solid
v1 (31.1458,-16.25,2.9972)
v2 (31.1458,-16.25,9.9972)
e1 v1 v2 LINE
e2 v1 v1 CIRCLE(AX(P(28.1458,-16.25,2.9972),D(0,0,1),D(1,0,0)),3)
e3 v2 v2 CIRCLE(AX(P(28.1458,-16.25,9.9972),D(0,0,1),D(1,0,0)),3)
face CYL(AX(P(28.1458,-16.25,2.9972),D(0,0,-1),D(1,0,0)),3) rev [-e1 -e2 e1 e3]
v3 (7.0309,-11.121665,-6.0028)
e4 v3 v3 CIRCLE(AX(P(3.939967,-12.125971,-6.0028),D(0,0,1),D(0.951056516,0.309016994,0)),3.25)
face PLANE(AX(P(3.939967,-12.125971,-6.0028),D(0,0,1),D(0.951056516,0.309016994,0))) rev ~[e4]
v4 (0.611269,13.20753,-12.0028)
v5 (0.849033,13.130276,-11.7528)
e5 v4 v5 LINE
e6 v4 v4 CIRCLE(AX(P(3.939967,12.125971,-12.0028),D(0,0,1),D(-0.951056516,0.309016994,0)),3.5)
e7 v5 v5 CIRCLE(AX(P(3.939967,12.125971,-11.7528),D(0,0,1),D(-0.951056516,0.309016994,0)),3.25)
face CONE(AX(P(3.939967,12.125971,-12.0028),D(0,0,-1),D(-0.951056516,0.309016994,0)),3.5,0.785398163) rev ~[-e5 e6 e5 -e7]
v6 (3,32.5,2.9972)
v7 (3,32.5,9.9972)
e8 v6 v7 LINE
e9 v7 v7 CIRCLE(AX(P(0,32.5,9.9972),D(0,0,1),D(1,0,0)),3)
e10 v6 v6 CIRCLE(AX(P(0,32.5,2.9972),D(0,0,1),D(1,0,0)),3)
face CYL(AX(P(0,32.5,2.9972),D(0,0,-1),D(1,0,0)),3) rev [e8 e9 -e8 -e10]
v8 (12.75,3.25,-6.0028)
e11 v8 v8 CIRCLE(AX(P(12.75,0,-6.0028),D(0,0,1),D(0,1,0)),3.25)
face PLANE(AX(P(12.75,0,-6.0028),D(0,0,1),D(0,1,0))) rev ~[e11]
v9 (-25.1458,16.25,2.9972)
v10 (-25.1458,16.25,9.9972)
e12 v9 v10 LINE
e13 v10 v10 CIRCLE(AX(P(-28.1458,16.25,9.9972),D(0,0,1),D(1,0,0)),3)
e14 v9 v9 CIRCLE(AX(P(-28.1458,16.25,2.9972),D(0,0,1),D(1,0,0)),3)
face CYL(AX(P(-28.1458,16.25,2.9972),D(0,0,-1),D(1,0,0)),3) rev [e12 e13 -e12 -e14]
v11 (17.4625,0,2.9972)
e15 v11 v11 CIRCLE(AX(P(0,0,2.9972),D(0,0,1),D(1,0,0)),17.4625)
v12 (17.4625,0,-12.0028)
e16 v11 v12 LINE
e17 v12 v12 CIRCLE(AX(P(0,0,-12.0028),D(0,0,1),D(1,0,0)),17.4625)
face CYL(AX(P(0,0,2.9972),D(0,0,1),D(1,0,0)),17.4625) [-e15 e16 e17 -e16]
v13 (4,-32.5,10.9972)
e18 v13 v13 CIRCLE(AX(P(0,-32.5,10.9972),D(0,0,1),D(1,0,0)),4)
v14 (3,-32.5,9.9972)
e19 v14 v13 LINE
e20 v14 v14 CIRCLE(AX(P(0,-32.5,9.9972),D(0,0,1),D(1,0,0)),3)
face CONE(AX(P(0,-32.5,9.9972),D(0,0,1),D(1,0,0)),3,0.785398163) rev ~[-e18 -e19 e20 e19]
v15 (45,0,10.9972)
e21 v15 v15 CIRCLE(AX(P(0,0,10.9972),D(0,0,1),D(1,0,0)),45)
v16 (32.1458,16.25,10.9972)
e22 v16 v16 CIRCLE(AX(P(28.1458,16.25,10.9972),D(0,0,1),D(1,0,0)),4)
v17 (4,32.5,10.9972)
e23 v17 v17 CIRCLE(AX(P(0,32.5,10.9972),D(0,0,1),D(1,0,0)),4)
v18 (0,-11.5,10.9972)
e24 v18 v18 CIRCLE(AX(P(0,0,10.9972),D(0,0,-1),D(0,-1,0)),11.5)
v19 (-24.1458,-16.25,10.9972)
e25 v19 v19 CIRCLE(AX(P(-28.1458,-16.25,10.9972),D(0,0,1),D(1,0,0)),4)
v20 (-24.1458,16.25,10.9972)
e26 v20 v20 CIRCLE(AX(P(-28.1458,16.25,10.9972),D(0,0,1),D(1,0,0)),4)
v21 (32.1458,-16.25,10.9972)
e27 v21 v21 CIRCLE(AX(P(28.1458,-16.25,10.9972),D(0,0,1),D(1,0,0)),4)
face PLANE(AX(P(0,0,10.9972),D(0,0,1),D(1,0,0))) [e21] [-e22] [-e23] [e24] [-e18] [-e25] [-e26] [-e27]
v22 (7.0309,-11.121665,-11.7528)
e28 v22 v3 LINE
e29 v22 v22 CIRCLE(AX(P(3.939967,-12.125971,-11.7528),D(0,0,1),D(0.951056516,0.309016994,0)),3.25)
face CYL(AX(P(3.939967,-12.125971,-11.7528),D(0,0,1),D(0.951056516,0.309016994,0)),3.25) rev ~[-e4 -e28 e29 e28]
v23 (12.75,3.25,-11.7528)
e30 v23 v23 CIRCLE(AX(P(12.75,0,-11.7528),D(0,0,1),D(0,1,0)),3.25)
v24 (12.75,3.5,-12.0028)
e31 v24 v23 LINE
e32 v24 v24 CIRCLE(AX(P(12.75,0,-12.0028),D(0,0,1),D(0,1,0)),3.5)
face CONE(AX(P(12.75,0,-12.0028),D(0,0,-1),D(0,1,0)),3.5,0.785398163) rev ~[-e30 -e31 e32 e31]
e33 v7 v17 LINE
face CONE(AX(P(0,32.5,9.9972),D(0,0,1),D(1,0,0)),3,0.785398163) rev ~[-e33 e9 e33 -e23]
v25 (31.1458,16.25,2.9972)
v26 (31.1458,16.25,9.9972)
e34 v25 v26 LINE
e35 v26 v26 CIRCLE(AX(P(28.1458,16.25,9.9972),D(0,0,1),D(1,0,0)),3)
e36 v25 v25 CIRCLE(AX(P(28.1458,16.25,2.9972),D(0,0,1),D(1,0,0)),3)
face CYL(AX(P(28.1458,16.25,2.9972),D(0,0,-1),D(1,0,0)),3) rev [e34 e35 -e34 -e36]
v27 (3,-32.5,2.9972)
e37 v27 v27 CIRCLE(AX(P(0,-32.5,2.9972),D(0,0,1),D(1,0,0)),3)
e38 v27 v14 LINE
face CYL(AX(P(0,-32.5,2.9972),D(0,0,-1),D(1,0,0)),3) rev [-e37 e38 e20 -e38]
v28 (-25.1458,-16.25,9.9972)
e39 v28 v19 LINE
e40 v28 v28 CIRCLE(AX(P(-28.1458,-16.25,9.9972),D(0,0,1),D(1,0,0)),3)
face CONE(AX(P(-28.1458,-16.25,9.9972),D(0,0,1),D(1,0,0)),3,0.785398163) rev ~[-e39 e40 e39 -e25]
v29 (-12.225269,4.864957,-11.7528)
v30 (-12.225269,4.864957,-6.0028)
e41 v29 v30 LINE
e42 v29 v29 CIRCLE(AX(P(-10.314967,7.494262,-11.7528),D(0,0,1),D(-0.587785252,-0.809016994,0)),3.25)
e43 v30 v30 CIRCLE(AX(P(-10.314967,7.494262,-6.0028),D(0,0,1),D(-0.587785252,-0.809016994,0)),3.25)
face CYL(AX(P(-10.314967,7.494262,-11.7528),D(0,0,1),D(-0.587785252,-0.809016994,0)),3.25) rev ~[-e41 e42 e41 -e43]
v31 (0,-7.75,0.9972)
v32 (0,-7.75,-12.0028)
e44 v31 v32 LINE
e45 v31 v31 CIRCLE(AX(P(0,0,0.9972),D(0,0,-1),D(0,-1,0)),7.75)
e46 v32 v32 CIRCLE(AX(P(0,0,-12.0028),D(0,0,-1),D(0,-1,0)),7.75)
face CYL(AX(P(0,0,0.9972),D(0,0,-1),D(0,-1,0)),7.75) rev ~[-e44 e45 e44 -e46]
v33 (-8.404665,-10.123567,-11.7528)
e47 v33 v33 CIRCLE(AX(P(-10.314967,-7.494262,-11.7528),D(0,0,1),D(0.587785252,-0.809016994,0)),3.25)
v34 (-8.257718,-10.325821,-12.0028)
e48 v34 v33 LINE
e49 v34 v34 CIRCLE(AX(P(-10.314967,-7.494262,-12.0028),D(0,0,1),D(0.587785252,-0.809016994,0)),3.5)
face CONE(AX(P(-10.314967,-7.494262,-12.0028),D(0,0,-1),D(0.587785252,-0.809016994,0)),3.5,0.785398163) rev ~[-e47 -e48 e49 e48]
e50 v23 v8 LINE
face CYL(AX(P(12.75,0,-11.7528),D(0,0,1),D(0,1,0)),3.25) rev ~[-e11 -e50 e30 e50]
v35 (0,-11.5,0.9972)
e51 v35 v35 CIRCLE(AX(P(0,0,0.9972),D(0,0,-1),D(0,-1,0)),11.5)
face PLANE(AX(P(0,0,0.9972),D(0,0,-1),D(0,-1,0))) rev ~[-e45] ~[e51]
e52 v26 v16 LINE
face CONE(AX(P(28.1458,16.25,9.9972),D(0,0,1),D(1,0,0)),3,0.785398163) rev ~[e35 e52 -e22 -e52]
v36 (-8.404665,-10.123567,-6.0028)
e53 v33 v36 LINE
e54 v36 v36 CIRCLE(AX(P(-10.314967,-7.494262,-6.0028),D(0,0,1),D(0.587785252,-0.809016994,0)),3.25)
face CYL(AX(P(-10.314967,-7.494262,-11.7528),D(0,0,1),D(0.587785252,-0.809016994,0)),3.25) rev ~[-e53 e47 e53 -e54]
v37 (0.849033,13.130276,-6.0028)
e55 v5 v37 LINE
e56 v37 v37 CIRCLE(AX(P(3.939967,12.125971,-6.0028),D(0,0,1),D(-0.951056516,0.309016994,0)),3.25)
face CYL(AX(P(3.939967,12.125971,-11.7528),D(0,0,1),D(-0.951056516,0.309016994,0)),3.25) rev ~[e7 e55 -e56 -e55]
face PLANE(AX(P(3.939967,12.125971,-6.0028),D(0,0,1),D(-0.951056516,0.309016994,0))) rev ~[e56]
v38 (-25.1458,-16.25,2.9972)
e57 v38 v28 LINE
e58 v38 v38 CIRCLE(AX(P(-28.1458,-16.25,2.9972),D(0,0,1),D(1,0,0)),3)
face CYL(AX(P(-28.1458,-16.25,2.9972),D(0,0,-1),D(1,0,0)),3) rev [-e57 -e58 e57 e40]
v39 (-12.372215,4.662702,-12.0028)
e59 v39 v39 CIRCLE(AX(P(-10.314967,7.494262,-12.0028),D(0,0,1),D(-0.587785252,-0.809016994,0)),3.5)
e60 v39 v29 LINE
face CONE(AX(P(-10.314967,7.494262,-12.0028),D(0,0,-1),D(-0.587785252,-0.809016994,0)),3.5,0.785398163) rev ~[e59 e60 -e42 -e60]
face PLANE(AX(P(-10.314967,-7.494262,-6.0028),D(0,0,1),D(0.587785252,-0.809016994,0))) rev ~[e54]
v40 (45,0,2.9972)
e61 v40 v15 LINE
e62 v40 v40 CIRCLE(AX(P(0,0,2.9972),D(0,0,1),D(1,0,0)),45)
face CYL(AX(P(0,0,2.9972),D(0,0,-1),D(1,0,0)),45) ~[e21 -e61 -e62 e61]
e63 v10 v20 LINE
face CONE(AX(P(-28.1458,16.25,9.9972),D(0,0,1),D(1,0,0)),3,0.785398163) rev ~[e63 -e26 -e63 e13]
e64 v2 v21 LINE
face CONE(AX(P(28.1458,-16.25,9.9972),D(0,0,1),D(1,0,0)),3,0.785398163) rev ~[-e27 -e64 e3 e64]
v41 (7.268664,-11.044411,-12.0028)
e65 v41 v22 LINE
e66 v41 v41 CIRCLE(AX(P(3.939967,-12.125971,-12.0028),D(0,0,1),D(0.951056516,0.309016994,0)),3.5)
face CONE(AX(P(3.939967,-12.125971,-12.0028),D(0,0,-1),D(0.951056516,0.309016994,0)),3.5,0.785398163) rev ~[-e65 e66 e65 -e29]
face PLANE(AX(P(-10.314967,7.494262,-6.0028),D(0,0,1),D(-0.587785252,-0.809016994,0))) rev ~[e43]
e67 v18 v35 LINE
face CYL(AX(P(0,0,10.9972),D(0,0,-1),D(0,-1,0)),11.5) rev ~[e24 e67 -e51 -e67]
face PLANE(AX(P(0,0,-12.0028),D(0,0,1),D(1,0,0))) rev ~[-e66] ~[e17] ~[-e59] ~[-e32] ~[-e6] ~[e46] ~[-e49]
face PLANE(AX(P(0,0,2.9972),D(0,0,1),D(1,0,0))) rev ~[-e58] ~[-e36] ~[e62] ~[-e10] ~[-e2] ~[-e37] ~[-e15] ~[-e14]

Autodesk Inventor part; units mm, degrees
ref_plane "YZ Plane" through (0, 0, 0) normal (1, 0, 0) x (0, 1, 0)
ref_plane "Work Plane1" through (0, 0, 2.9972) normal (0, 0, 1) x (1, 0, 0)
sketch "Sketch1" plane through (0, 0, 2.9972) normal (0, 0, 1) x (1, 0, 0)
  circle A0 centre (0, 0) radius 17.4625
  circle A1 centre (0, 0) radius 32.5 construction
  circle A2 centre (0, 0) radius 45
  circle A3 centre (0, -32.5) radius 3
  circle A4 centre (28.1458, -16.25) radius 3
  circle A5 centre (28.1458, 16.25) radius 3
  circle A6 centre (0, 32.5) radius 3
  circle A7 centre (-28.1458, 16.25) radius 3
  circle A8 centre (-28.1458, -16.25) radius 3
  dimension "d1" = 65
  dimension "d0" = 34.925
  dimension "d2" = 90
  dimension "d3" = 6
  dimension "d6" = 360
extrude "Extrusion1" add sketch "Sketch1" along normal blind 8 contours A0 | A2
ref_plane "Work Plane2" through (-75, -75, -12) normal (0, 0, -1) x (0, 1, 0)
extrude "Extrusion2" add sketch "Sketch1" against normal blind 15 contours A0
sketch "Sketch4" plane through (0, 0, 10.9972) normal (0, 0, 1) x (1, 0, 0)
  point P0 (0, 0)
  point P1 (0, 0)
hole "Hole1" at (0, 0, 10.9972) direction (0, 0, -1) diameter 15.5 end through all counterbore diameter 23 counterbore depth 10
chamfer "Chamfer1" distance 1 angle 45 6 edges at (-3, 32.5, 10.9972) (25.1458, 16.25, 10.9972) (25.1458, -16.25, 10.9972) (-3, -32.5, 10.9972) (-31.1458, -16.25, 10.9972) (-31.1458, 16.25, 10.9972)
sketch "Sketch5" plane through (0, 0, -12.0028) normal (0, 0, -1) x (-1, 0, 0)
  circle A0 centre (0, 0) radius 12.75 construction
  line L0 (-12.75, 0) -> (0, 0) construction
  dimension "d37" = 25.5
hole "Hole2" at (12.75, 0, -12.0028) direction (0, 0, 1) diameter 6.5 depth 6 countersink diameter 7 countersink angle 90
pattern_circular "Circular Pattern1" count 5 over 360 about axis through (0, 0, 2.9972) along (0, 0, -1) of "Hole2"
sketch "Sketch6" plane through (0, 0, -12.0028) normal (0, 0, -1) x (-1, 0, 0)
  circle A0 centre (-3.94, -12.126) radius 3.25 projected
  circle A1 centre (0, 0) radius 12.75
  circle A2 centre (-3.94, -12.126) radius 3.5 projected
  line L0 (-3.94, -12.126) -> (-12.2467, -9.4269)
  line L1 (10.315, -7.4943) -> (5.1811, -14.5604)
  line L2 (10.315, 7.4943) -> (15.4488, 0.4281)
  line L3 (-3.94, 12.126) -> (4.3668, 14.825)
  line L4 (-12.75, 0) -> (-12.75, 8.7342)
  line L5 (0, 0) -> (10.315, -7.4943) construction
  dimension "d43" = 360
properties part number "output pin holder" material "ABS Plastic"
